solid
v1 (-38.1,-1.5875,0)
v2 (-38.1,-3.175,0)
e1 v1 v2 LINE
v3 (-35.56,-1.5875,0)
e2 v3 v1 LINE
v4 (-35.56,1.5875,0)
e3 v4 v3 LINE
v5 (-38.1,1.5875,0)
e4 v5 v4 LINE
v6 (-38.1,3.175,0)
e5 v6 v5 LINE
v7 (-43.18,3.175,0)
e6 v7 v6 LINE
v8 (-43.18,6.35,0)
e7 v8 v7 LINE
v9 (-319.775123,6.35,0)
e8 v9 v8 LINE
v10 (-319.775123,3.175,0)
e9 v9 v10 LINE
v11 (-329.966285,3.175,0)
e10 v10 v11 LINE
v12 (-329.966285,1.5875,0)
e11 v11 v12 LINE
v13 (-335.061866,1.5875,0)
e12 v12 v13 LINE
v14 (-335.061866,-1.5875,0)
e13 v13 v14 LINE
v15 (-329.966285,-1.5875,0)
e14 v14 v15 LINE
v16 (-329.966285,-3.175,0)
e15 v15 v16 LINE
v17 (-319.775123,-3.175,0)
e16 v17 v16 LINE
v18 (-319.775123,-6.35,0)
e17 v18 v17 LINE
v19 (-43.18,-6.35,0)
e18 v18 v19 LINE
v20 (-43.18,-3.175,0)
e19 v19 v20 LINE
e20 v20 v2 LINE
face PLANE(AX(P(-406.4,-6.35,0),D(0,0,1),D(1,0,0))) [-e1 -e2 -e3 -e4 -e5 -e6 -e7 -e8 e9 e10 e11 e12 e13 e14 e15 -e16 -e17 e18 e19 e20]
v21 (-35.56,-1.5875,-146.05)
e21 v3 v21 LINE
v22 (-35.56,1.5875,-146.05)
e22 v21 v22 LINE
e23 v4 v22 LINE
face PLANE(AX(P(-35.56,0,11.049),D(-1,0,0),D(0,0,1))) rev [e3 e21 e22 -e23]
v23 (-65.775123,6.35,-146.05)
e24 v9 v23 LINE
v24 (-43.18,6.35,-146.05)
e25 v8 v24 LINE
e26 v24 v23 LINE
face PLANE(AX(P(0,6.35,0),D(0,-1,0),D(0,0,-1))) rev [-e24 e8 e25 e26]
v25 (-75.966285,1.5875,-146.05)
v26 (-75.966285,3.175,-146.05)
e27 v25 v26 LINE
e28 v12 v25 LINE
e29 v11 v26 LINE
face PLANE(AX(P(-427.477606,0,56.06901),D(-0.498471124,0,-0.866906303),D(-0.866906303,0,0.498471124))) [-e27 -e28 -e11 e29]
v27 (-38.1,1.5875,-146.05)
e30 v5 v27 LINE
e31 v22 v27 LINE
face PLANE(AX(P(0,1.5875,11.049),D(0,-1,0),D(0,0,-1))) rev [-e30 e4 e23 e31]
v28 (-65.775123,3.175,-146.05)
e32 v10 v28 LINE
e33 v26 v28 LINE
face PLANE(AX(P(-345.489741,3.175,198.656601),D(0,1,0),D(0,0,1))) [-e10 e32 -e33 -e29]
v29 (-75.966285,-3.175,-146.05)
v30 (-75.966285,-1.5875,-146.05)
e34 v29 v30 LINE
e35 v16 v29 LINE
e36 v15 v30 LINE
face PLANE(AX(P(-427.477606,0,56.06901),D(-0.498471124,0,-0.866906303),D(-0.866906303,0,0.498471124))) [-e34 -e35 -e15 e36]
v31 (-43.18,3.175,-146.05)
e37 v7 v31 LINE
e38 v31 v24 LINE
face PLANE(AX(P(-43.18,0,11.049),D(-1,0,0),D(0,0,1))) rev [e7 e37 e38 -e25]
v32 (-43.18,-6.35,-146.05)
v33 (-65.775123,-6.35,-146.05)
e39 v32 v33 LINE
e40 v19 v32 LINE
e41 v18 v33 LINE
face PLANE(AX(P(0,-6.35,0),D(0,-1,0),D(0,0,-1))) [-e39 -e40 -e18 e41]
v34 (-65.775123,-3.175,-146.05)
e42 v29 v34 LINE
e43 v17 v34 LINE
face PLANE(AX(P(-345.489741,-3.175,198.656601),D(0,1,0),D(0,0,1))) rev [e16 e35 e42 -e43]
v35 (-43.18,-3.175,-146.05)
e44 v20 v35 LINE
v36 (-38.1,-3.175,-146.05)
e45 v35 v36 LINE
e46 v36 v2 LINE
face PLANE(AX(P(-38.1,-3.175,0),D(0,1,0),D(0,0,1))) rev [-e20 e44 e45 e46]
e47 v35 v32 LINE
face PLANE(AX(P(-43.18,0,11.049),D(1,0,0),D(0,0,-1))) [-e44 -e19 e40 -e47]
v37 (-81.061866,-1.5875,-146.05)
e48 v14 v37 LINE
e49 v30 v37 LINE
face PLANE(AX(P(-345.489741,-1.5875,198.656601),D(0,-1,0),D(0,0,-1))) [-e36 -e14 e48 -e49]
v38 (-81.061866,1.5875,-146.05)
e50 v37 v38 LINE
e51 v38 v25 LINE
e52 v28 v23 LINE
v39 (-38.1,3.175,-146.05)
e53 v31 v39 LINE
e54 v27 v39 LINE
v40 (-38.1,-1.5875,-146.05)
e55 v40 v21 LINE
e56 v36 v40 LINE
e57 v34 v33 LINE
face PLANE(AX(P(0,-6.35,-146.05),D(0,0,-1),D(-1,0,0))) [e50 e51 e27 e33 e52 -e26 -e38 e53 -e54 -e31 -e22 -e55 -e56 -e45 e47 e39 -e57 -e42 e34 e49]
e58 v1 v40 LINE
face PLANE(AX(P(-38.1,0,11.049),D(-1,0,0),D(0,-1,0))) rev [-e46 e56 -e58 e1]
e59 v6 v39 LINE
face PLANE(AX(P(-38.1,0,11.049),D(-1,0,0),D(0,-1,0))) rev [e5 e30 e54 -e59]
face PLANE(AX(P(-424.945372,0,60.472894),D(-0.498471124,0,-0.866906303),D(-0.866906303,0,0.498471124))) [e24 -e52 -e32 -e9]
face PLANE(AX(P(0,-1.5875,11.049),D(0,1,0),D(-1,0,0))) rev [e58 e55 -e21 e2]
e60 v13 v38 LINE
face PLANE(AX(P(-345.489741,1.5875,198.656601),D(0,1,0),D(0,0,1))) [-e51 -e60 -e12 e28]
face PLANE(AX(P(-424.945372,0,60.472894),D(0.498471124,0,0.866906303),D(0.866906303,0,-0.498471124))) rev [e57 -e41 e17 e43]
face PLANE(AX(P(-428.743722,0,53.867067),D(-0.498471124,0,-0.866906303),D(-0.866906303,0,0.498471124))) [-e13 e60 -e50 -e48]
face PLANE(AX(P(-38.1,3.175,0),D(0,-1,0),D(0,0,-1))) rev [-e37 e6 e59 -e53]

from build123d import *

# Parameters (mm, degrees)
BOSS_EXTRUDE1_DEPTH      = 6.35
BOSS_EXTRUDE1_DEPTH_BACK = 6.35
SKETCH2_W                = 292.995908675
SKETCH2_H                = 3.175
CUT_EXTRUDE1_DEPTH       = 38.1
SKETCH3_W                = 146.05
SKETCH3_H                = 3.175
CUT_EXTRUDE2_DEPTH       = 38.1
CUT_EXTRUDE3_DEPTH       = 3.175
CUT_EXTRUDE4_DEPTH       = 3.175
SKETCH6_W                = 5.08
SKETCH6_H                = 3.175
CUT_EXTRUDE5_DEPTH       = 157.099
CUT_EXTRUDE6_DEPTH       = 339.217
CUT_EXTRUDE6_DEPTH_BACK  = 157.099


with BuildPart() as part:
    # Sketch1 → Boss-Extrude1 (new, two sides: drawn at the far end of the back side and taken through both)
    with BuildSketch(Plane(origin=(0, 0, 0), x_dir=(1, 0, 0), z_dir=(0, 1, 0)).offset(-BOSS_EXTRUDE1_DEPTH_BACK)):
        Polygon((-406.4, 0), (0, 0), (0, 146.05), (-152.4, 146.05), align=None)
    extrude(amount=BOSS_EXTRUDE1_DEPTH + BOSS_EXTRUDE1_DEPTH_BACK)

    # Sketch2 → Cut-Extrude1 (cut)
    with BuildSketch(Plane(origin=(-100.979614843, 0, -175.616721465), x_dir=(-0.8669063030575352, 0, 0.49847112425808277), z_dir=(-0.4984711242580827, 0, -0.8669063030575351))):
        with Locations((205.812767226, 4.7625)):
            Rectangle(SKETCH2_W, SKETCH2_H)
        with Locations((205.812767226, -4.7625)):
            Rectangle(SKETCH2_W, SKETCH2_H)
    extrude(amount=-CUT_EXTRUDE1_DEPTH, mode=Mode.SUBTRACT)

    # Sketch3 → Cut-Extrude2 (cut)
    with BuildSketch(Plane(origin=(0, 0, 0), x_dir=(0, 0, -1), z_dir=(1, 0, 0))):
        with Locations((73.025, 4.7625)):
            Rectangle(SKETCH3_W, SKETCH3_H)
        with Locations((73.025, -4.7625)):
            Rectangle(SKETCH3_W, SKETCH3_H)
    extrude(amount=-CUT_EXTRUDE2_DEPTH, mode=Mode.SUBTRACT)

    # Sketch4 → Cut-Extrude3 (cut)
    with BuildSketch(Plane(origin=(0, 6.35, 0), x_dir=(1, 0, 0), z_dir=(0, 1, 0))):
        Polygon((-133.408250166, 113.020869854), (-75.966284694, 146.05), (-152.4, 146.05), align=None)
    extrude(amount=-CUT_EXTRUDE3_DEPTH, mode=Mode.SUBTRACT)

    # Sketch5 → Cut-Extrude4 (cut)
    with BuildSketch(Plane.XZ.offset(6.35)):
        Polygon((-133.408250166, -113.020869854), (-75.966284694, -146.05), (-152.4, -146.05), align=None)
    extrude(amount=-CUT_EXTRUDE4_DEPTH, mode=Mode.SUBTRACT)

    # Sketch6 → Cut-Extrude5 (cut)
    with BuildSketch(Plane(origin=(0, 0, -146.05), x_dir=(-1, 0, 0), z_dir=(0, 0, -1))):
        Polygon((0, -3.175), (38.1, -3.175), (38.1, -1.5875), (35.56, -1.5875), (35.56, 1.5875), (38.1, 1.5875), (38.1, 3.175), (0, 3.175), align=None)
        with Locations((40.64, -4.7625)):
            Rectangle(SKETCH6_W, SKETCH6_H)
        with Locations((40.64, 4.7625)):
            Rectangle(SKETCH6_W, SKETCH6_H)
    extrude(amount=-CUT_EXTRUDE5_DEPTH, mode=Mode.SUBTRACT)

    # Sketch8 → Cut-Extrude6 (cut, two sides: drawn at the far end of the back side and taken through both)
    with BuildSketch(Plane(origin=(-51.420385157, 0, 29.566721465), x_dir=(0.49847112425808243, 0, 0.8669063030575355), z_dir=(-0.8669063030575355, 0, 0.49847112425808243)).offset(-CUT_EXTRUDE6_DEPTH_BACK)):
        Polygon((-164.478664898, 1.5875), (-164.478664898, 3.175), (-159.398664898, 3.175), (-159.398664898, 6.35), (-164.478664898, 6.35), (-202.578664898, 6.35), (-202.578664898, -6.35), (-164.478664898, -6.35), (-159.398664898, -6.35), (-159.398664898, -3.175), (-164.478664898, -3.175), (-164.478664898, -1.5875), (-167.018664898, -1.5875), (-167.018664898, 1.5875), align=None)
    extrude(amount=CUT_EXTRUDE6_DEPTH + CUT_EXTRUDE6_DEPTH_BACK, mode=Mode.SUBTRACT)


solid = part.part
